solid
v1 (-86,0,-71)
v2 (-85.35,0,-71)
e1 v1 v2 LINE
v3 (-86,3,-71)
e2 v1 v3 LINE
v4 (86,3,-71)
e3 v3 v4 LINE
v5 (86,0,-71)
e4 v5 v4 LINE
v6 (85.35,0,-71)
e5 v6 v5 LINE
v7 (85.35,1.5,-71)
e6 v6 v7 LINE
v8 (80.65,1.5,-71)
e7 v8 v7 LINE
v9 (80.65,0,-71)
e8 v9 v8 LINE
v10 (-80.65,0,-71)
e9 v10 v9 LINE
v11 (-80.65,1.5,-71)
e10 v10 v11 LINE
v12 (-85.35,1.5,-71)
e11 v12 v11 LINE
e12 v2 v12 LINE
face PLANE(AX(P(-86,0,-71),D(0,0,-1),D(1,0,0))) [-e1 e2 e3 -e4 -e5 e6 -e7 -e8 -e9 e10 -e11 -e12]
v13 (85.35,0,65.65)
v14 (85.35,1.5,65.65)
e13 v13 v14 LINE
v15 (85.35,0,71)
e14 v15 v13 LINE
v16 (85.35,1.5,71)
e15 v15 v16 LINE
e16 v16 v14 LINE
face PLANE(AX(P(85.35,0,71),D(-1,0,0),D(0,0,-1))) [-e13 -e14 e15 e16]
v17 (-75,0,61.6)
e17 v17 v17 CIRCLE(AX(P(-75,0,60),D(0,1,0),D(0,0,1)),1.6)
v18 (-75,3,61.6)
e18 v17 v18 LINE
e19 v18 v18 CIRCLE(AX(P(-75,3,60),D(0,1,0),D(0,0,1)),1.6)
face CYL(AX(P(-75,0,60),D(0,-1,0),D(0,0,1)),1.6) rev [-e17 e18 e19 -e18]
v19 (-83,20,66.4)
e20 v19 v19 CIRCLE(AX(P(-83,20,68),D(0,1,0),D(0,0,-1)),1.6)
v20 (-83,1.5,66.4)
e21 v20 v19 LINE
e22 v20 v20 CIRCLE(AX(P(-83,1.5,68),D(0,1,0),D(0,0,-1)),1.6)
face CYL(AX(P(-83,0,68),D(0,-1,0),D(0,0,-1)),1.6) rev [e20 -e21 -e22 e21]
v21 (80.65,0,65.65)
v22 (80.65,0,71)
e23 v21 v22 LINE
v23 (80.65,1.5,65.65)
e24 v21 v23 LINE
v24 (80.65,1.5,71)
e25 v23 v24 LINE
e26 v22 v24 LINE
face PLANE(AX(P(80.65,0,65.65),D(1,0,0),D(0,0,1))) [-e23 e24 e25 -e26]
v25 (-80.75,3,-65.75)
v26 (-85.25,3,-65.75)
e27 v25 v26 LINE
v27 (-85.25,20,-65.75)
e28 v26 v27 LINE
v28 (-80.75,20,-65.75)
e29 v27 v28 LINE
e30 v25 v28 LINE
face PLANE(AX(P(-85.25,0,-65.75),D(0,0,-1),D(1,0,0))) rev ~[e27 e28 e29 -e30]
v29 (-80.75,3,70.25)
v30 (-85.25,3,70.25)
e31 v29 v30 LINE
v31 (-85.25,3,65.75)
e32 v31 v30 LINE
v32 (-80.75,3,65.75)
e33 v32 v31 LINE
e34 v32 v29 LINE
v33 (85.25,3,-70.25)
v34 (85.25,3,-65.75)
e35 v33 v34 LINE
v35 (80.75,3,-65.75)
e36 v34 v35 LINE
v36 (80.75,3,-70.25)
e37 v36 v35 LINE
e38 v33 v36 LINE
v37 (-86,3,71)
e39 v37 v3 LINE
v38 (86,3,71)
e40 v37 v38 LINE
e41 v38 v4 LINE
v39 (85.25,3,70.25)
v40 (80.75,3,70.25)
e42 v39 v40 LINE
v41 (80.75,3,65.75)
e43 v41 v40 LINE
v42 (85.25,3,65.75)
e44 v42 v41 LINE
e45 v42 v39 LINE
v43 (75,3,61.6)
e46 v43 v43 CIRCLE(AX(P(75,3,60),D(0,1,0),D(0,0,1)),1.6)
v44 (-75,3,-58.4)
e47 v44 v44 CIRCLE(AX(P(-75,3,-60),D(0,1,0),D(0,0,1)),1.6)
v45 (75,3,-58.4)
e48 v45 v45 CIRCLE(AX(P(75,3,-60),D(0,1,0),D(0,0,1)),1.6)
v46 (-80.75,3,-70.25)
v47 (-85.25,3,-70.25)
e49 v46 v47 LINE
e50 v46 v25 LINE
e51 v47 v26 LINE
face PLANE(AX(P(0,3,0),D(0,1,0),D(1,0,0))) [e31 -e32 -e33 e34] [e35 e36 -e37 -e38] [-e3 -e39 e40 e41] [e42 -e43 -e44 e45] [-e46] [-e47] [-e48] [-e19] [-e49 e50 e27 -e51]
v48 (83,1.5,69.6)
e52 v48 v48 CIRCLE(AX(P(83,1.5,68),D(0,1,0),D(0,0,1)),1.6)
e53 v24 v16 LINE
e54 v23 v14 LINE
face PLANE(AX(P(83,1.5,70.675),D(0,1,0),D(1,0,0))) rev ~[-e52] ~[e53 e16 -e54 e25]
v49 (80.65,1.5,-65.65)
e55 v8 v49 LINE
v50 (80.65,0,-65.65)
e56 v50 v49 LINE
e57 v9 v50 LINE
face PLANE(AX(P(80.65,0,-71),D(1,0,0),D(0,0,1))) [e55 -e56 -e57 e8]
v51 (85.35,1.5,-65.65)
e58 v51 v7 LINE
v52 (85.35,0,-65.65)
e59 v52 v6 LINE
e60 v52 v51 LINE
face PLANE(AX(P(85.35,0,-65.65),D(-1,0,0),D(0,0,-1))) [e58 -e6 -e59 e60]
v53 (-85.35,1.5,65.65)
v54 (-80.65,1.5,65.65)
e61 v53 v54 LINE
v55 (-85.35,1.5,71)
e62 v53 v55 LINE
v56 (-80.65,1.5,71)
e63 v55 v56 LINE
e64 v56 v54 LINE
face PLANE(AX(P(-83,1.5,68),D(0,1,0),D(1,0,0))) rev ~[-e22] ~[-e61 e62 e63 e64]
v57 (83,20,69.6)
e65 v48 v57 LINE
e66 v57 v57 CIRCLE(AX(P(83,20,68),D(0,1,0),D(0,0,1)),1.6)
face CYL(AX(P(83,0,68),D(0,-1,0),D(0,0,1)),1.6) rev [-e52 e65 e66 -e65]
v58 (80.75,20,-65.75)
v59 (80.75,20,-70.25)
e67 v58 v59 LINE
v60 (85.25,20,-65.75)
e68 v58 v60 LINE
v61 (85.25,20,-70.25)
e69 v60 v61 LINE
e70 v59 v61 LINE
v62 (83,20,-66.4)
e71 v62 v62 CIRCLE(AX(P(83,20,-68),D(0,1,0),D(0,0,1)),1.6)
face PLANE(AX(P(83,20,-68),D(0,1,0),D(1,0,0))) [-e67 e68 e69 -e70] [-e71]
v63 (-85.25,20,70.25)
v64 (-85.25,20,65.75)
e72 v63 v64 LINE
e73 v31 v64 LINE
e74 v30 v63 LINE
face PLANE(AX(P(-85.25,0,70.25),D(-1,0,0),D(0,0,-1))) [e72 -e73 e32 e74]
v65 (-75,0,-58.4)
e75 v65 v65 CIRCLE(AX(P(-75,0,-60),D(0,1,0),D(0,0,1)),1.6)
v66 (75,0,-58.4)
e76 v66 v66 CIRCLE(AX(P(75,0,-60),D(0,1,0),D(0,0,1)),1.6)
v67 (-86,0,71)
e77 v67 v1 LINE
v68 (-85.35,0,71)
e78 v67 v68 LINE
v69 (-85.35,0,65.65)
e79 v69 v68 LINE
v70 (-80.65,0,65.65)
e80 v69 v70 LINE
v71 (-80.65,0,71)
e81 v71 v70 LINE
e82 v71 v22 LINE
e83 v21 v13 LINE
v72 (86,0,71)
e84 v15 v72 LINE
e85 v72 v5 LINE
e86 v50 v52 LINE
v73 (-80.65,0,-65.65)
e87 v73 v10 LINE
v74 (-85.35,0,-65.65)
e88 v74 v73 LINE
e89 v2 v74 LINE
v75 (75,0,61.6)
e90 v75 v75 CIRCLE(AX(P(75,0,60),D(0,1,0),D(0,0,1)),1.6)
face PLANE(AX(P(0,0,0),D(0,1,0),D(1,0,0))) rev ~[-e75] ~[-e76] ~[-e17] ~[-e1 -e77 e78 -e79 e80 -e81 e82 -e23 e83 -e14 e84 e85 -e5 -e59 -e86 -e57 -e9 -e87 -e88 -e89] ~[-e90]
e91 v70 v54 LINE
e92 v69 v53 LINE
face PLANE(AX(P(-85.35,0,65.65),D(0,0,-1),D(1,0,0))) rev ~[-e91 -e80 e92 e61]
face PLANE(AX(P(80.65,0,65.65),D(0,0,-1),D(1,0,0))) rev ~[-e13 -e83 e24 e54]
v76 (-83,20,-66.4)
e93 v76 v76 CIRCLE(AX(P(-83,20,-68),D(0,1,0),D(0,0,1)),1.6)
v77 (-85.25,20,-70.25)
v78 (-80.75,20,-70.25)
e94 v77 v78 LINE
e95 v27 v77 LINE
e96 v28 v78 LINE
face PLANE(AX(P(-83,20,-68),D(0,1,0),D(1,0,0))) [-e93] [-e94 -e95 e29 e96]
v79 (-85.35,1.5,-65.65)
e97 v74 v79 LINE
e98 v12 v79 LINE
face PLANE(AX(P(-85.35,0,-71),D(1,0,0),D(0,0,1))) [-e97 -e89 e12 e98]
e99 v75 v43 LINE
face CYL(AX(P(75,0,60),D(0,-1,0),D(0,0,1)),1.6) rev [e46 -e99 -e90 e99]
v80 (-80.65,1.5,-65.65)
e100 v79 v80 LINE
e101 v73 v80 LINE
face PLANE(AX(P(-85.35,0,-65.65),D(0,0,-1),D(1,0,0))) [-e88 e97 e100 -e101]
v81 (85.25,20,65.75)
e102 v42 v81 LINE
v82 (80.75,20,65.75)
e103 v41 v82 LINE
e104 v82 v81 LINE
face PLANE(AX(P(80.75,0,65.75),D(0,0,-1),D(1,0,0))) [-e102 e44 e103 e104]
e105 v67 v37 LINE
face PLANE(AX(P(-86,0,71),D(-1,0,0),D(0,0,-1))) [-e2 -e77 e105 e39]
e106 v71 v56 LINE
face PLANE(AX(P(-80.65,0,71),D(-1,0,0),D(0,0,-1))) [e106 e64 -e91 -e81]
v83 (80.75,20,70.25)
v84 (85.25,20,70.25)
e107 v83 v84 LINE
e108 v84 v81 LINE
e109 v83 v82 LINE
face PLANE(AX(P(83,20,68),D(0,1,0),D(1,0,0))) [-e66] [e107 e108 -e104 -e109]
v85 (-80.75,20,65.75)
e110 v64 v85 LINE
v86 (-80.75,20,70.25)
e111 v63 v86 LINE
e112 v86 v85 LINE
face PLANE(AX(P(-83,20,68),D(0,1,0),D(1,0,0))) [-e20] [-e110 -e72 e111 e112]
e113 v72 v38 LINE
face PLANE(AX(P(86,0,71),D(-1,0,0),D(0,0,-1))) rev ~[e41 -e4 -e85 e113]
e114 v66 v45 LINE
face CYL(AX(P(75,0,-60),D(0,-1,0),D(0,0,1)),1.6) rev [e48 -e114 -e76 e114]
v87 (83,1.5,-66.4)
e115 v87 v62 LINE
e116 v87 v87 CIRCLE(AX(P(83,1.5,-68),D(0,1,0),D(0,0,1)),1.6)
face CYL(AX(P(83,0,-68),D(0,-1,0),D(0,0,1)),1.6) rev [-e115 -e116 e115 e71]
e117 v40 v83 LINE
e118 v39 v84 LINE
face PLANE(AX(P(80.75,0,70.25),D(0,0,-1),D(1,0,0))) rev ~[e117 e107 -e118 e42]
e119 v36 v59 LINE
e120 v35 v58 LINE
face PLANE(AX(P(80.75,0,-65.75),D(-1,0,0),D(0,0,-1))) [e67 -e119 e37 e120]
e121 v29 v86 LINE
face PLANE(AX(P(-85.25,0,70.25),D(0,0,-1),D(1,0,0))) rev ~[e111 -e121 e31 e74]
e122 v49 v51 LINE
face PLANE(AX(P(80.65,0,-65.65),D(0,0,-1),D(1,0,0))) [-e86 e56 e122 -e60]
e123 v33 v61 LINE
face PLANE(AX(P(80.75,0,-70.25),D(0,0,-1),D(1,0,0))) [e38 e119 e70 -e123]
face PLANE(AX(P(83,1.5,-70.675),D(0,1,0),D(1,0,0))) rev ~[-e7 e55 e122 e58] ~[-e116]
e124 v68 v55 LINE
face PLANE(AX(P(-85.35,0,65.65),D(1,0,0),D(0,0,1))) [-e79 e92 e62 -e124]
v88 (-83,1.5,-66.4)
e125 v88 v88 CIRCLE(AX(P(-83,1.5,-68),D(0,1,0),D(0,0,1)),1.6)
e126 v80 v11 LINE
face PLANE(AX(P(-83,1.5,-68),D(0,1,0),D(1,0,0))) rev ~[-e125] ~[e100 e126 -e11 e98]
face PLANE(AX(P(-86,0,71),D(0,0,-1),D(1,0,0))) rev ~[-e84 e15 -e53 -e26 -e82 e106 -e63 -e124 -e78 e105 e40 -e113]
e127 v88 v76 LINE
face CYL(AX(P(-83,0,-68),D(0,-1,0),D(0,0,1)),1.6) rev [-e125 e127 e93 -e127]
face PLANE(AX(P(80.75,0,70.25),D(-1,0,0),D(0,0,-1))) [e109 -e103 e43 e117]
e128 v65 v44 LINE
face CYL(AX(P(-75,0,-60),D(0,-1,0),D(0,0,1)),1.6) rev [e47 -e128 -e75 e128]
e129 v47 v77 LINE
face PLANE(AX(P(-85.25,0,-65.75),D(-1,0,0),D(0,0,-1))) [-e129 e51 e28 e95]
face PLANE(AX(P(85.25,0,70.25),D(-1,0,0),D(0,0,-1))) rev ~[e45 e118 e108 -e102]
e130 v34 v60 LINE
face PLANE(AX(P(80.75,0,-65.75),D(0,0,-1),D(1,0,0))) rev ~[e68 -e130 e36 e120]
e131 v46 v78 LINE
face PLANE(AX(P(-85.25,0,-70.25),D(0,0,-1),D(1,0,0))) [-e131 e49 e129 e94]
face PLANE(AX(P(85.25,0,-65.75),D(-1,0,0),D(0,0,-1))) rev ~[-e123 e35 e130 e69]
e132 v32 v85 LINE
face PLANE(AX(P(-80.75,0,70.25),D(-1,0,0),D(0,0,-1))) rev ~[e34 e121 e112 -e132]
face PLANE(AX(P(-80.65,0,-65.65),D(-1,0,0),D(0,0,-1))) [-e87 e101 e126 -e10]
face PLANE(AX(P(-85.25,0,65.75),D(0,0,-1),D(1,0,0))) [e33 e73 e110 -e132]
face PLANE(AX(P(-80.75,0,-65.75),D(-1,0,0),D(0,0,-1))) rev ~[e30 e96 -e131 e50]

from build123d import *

# Parameters (mm, degrees)
SKETCH1_W           = 172
SKETCH1_H           = 142
SKETCH1_R           = 1.6
BOSS_EXTRUDE1_DEPTH = 3
SKETCH1_3_W         = 4.5
SKETCH1_3_H         = 4.5
SKETCH1_3_R         = 1.6
BOSS_EXTRUDE2_DEPTH = 20
SKETCH1_5_W         = 4.7
SKETCH1_5_H         = 5.35
SKETCH1_5_R         = 1.6
CUT_EXTRUDE1_DEPTH  = 1.5


with BuildPart() as part:
    # Sketch1 → Boss-Extrude1 (new body)
    with BuildSketch(Plane(origin=(0, 0, 0), x_dir=(1, 0, 0), z_dir=(0, 1, 0))):
        Rectangle(SKETCH1_W, SKETCH1_H)
        with Locations((-75, 60)):
            Circle(SKETCH1_R, mode=Mode.SUBTRACT)
        with Locations((75, 60)):
            Circle(SKETCH1_R, mode=Mode.SUBTRACT)
        with Locations((-75, -60)):
            Circle(SKETCH1_R, mode=Mode.SUBTRACT)
        with Locations((75, -60)):
            Circle(SKETCH1_R, mode=Mode.SUBTRACT)
        with Locations((-83, 68)):
            Circle(SKETCH1_R, mode=Mode.SUBTRACT)
        with Locations((83, 68)):
            Circle(SKETCH1_R, mode=Mode.SUBTRACT)
        with Locations((83, -68)):
            Circle(SKETCH1_R, mode=Mode.SUBTRACT)
        with Locations((-83, -68)):
            Circle(SKETCH1_R, mode=Mode.SUBTRACT)
    extrude(amount=BOSS_EXTRUDE1_DEPTH)

    # Sketch1<3> → Boss-Extrude2 (add)
    # profile 1 of 4: a face of its own
    with BuildSketch(Plane(origin=(0, 0, 0), x_dir=(1, 0, 0), z_dir=(0, 1, 0))):
        with Locations((-83, 68)):
            Rectangle(SKETCH1_3_W, SKETCH1_3_H)
        with Locations((-83, 68)):
            Circle(SKETCH1_3_R, mode=Mode.SUBTRACT)
    # profile 2 of 4: a face of its own
    with BuildSketch(Plane(origin=(0, 0, 0), x_dir=(1, 0, 0), z_dir=(0, 1, 0))):
        with Locations((83, 68)):
            Rectangle(SKETCH1_3_W, SKETCH1_3_H)
        with Locations((83, 68)):
            Circle(SKETCH1_3_R, mode=Mode.SUBTRACT)
    # profile 3 of 4: a face of its own
    with BuildSketch(Plane(origin=(0, 0, 0), x_dir=(1, 0, 0), z_dir=(0, 1, 0))):
        with Locations((83, -68)):
            Rectangle(SKETCH1_3_W, SKETCH1_3_H)
        with Locations((83, -68)):
            Circle(SKETCH1_3_R, mode=Mode.SUBTRACT)
    # profile 4 of 4: a face of its own
    with BuildSketch(Plane(origin=(0, 0, 0), x_dir=(1, 0, 0), z_dir=(0, 1, 0))):
        with Locations((-83, -68)):
            Rectangle(SKETCH1_3_W, SKETCH1_3_H)
        with Locations((-83, -68)):
            Circle(SKETCH1_3_R, mode=Mode.SUBTRACT)
    extrude(amount=BOSS_EXTRUDE2_DEPTH)

    # Sketch1<5> → Cut-Extrude1 (cut)
    # profile 1 of 4: a face of its own
    with BuildSketch(Plane(origin=(0, 0, 0), x_dir=(1, 0, 0), z_dir=(0, 1, 0))):
        with Locations((-83, 68.325)):
            Rectangle(SKETCH1_5_W, SKETCH1_5_H)
        with Locations((-83, 68)):
            Circle(SKETCH1_5_R, mode=Mode.SUBTRACT)
    # profile 2 of 4: a face of its own
    with BuildSketch(Plane(origin=(0, 0, 0), x_dir=(1, 0, 0), z_dir=(0, 1, 0))):
        with Locations((83, 68.325)):
            Rectangle(SKETCH1_5_W, SKETCH1_5_H)
        with Locations((83, 68)):
            Circle(SKETCH1_5_R, mode=Mode.SUBTRACT)
    # profile 3 of 4: a face of its own
    with BuildSketch(Plane(origin=(0, 0, 0), x_dir=(1, 0, 0), z_dir=(0, 1, 0))):
        with Locations((-83, -68.325)):
            Rectangle(SKETCH1_5_W, SKETCH1_5_H)
        with Locations((-83, -68)):
            Circle(SKETCH1_5_R, mode=Mode.SUBTRACT)
    # profile 4 of 4: a face of its own
    with BuildSketch(Plane(origin=(0, 0, 0), x_dir=(1, 0, 0), z_dir=(0, 1, 0))):
        with Locations((83, -68.325)):
            Rectangle(SKETCH1_5_W, SKETCH1_5_H)
        with Locations((83, -68)):
            Circle(SKETCH1_5_R, mode=Mode.SUBTRACT)
    extrude(amount=CUT_EXTRUDE1_DEPTH, mode=Mode.SUBTRACT)


solid = part.part
